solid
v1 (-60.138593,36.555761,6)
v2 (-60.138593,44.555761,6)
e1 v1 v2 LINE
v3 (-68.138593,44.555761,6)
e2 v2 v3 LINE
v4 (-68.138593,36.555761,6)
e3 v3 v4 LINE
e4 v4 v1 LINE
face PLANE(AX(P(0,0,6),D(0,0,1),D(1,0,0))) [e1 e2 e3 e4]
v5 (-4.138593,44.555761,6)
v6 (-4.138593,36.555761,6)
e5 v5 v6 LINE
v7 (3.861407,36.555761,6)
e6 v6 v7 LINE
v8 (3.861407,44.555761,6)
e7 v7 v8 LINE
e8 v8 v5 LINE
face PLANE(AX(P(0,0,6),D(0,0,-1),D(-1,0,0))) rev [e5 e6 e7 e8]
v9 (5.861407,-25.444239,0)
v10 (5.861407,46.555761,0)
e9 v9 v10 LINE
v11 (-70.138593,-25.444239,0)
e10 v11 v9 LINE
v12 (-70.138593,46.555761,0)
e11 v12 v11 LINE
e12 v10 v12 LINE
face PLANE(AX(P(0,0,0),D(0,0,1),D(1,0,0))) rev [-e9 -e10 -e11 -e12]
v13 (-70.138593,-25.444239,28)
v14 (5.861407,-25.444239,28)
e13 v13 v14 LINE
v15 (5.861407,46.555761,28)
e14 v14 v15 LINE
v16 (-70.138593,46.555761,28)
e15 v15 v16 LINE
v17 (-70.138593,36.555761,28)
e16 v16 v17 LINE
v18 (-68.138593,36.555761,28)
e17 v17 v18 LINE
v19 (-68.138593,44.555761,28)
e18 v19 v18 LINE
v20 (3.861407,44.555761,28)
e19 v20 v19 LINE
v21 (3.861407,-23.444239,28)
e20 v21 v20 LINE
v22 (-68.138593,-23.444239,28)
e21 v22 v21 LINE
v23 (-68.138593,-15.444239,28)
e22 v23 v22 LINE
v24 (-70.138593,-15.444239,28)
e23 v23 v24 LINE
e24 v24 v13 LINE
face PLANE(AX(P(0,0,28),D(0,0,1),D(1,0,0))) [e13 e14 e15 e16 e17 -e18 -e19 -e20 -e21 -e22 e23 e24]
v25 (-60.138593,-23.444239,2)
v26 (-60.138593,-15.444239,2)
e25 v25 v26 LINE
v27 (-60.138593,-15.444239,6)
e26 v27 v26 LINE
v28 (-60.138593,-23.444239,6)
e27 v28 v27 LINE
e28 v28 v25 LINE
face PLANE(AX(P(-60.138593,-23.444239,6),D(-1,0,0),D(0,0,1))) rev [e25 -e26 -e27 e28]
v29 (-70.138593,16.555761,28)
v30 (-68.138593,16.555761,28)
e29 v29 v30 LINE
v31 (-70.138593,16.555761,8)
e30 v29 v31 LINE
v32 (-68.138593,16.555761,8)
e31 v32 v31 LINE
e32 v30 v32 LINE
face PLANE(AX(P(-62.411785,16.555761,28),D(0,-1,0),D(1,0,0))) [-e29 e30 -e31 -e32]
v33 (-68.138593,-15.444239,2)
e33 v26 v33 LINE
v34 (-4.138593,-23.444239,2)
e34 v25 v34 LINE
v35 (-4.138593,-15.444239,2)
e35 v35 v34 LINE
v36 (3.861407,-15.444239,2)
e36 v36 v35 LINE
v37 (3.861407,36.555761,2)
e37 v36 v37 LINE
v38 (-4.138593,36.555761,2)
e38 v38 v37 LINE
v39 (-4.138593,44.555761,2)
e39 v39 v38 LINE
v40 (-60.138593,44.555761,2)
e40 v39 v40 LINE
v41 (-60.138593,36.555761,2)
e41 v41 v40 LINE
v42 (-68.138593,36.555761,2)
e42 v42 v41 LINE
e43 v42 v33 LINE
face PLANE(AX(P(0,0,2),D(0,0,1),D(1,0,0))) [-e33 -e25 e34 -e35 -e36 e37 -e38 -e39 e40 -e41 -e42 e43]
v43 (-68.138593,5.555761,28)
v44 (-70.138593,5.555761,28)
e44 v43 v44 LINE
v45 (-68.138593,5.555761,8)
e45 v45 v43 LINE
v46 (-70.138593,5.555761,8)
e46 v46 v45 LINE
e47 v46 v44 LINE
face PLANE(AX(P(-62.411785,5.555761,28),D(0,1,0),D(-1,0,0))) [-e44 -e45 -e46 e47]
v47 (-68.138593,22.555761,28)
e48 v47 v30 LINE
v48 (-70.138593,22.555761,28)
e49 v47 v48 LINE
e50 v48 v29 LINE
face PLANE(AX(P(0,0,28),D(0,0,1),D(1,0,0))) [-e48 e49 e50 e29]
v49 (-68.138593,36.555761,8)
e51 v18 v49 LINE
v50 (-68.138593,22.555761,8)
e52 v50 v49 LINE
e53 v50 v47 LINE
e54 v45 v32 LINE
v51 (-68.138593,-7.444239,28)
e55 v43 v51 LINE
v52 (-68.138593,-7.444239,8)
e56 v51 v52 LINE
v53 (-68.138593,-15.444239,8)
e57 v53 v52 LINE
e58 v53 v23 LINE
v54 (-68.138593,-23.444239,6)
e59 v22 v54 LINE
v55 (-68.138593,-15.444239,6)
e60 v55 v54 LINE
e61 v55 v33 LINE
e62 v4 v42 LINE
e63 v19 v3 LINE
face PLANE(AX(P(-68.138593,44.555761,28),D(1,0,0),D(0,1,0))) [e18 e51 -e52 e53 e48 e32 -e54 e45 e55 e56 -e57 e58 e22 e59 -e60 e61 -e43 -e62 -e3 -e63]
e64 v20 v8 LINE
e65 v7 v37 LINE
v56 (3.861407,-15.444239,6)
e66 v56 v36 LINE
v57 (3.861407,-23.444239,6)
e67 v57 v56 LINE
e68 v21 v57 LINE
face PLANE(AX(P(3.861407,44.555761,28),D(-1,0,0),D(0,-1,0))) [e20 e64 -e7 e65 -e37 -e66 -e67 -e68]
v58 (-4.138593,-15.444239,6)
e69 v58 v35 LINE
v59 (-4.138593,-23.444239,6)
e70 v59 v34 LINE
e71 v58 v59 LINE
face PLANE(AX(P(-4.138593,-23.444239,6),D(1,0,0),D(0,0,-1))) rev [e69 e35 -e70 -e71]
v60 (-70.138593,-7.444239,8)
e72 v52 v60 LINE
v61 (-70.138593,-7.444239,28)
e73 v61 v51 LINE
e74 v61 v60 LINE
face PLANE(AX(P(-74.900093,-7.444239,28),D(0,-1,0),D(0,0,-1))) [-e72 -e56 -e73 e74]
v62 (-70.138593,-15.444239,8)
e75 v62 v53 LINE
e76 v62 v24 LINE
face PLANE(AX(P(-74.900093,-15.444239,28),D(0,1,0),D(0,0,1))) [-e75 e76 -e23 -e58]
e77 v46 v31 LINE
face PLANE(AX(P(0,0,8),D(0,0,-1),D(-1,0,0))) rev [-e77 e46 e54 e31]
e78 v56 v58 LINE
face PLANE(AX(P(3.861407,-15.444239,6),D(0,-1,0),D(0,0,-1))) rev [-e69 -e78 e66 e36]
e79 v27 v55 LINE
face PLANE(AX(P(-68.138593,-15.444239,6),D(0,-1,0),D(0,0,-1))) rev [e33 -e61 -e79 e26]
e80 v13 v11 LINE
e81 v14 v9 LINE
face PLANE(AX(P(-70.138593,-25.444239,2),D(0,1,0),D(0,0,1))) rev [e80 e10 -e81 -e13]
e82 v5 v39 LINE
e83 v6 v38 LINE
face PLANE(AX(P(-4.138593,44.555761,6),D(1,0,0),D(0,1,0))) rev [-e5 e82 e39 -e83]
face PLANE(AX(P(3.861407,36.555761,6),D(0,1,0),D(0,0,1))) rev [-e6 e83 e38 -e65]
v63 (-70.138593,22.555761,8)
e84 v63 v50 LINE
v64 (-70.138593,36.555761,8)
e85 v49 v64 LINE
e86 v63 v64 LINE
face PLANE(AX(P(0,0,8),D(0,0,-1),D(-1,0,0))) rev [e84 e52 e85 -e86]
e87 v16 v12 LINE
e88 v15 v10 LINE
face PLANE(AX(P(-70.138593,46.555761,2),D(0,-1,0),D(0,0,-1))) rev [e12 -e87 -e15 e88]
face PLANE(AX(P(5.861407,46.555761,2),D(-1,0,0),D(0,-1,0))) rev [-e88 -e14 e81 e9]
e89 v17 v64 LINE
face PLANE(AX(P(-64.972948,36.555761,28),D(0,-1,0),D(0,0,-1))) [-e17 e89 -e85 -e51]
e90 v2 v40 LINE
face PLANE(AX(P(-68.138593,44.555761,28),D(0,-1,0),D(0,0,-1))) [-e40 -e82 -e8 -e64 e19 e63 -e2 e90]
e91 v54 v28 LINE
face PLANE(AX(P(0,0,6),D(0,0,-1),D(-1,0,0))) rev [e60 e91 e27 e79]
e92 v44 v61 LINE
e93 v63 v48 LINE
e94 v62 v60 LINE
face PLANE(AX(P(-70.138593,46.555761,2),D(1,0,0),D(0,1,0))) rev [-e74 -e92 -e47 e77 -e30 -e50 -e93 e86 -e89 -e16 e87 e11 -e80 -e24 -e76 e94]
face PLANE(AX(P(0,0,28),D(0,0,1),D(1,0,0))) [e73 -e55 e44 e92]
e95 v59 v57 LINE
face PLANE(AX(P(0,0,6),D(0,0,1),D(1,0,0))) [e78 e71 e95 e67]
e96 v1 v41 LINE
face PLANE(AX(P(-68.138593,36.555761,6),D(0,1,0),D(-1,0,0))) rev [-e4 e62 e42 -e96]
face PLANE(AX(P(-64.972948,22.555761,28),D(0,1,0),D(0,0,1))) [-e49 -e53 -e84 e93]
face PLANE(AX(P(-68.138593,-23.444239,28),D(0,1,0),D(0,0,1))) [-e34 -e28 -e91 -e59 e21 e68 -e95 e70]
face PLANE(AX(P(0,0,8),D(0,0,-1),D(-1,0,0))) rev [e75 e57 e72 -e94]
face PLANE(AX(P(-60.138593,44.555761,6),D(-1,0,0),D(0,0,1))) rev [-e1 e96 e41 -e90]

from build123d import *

# Parameters (mm, degrees)
ESQUISSE1_W             = 76
ESQUISSE1_H             = 72
BOSS_EXTRU_1_DEPTH      = 2
ESQUISSE2_W             = 76
ESQUISSE2_H             = 72
ESQUISSE2_W_2           = 72
ESQUISSE2_H_2           = 68
BOSS_EXTRU_2_DEPTH      = 26
ESQUISSE3_W             = 8
ESQUISSE3_H             = 8
BOSS_EXTRU_3_DEPTH      = 4
ESQUISSE4_W             = 12.488308145
ESQUISSE4_H             = 8
ESQUISSE4_W_2           = 11.866165586
ESQUISSE4_H_2           = 11
ESQUISSE4_W_3           = 11.945061533
ESQUISSE4_H_3           = 14
ENL_V_MAT_EXTRU_1_DEPTH = 87.526649953


with BuildPart() as part:
    # Esquisse1 → Boss.-Extru.1 (new body)
    with BuildSketch(Plane.XY):
        with Locations((-32.138593491, 10.555760709)):
            Rectangle(ESQUISSE1_W, ESQUISSE1_H)
    extrude(amount=BOSS_EXTRU_1_DEPTH)

    # Esquisse2 → Boss.-Extru.2 (add)
    with BuildSketch(Plane.XY.offset(2)):
        with Locations((-32.138593491, 10.555760709)):
            Rectangle(ESQUISSE2_W, ESQUISSE2_H)
        with Locations((-32.138593491, 10.555760709)):
            Rectangle(ESQUISSE2_W_2, ESQUISSE2_H_2, mode=Mode.SUBTRACT)
    extrude(amount=BOSS_EXTRU_2_DEPTH)

    # Esquisse3 → Boss.-Extru.3 (add)
    with BuildSketch(Plane.XY.offset(2)):
        with Locations((-64.138593491, 40.555760709)):
            Rectangle(ESQUISSE3_W, ESQUISSE3_H)
        with Locations((-0.138593491, -19.444239291)):
            Rectangle(ESQUISSE3_W, ESQUISSE3_H)
        with Locations((-0.138593491, 40.555760709)):
            Rectangle(ESQUISSE3_W, ESQUISSE3_H)
        with Locations((-64.138593491, -19.444239291)):
            Rectangle(ESQUISSE3_W, ESQUISSE3_H)
    extrude(amount=BOSS_EXTRU_3_DEPTH)

    # Esquisse4 → Enlèv. mat.-Extru.1 (cut, through all)
    with BuildSketch(Plane.XY.offset(8)):
        with Locations((-68.655939158, -11.444239291)):
            Rectangle(ESQUISSE4_W, ESQUISSE4_H)
        with Locations((-68.344867878, 11.055760709)):
            Rectangle(ESQUISSE4_W_2, ESQUISSE4_H_2)
        with Locations((-70.945478816, 29.555760709)):
            Rectangle(ESQUISSE4_W_3, ESQUISSE4_H_3)
    extrude(amount=ENL_V_MAT_EXTRU_1_DEPTH, mode=Mode.SUBTRACT)


solid = part.part
